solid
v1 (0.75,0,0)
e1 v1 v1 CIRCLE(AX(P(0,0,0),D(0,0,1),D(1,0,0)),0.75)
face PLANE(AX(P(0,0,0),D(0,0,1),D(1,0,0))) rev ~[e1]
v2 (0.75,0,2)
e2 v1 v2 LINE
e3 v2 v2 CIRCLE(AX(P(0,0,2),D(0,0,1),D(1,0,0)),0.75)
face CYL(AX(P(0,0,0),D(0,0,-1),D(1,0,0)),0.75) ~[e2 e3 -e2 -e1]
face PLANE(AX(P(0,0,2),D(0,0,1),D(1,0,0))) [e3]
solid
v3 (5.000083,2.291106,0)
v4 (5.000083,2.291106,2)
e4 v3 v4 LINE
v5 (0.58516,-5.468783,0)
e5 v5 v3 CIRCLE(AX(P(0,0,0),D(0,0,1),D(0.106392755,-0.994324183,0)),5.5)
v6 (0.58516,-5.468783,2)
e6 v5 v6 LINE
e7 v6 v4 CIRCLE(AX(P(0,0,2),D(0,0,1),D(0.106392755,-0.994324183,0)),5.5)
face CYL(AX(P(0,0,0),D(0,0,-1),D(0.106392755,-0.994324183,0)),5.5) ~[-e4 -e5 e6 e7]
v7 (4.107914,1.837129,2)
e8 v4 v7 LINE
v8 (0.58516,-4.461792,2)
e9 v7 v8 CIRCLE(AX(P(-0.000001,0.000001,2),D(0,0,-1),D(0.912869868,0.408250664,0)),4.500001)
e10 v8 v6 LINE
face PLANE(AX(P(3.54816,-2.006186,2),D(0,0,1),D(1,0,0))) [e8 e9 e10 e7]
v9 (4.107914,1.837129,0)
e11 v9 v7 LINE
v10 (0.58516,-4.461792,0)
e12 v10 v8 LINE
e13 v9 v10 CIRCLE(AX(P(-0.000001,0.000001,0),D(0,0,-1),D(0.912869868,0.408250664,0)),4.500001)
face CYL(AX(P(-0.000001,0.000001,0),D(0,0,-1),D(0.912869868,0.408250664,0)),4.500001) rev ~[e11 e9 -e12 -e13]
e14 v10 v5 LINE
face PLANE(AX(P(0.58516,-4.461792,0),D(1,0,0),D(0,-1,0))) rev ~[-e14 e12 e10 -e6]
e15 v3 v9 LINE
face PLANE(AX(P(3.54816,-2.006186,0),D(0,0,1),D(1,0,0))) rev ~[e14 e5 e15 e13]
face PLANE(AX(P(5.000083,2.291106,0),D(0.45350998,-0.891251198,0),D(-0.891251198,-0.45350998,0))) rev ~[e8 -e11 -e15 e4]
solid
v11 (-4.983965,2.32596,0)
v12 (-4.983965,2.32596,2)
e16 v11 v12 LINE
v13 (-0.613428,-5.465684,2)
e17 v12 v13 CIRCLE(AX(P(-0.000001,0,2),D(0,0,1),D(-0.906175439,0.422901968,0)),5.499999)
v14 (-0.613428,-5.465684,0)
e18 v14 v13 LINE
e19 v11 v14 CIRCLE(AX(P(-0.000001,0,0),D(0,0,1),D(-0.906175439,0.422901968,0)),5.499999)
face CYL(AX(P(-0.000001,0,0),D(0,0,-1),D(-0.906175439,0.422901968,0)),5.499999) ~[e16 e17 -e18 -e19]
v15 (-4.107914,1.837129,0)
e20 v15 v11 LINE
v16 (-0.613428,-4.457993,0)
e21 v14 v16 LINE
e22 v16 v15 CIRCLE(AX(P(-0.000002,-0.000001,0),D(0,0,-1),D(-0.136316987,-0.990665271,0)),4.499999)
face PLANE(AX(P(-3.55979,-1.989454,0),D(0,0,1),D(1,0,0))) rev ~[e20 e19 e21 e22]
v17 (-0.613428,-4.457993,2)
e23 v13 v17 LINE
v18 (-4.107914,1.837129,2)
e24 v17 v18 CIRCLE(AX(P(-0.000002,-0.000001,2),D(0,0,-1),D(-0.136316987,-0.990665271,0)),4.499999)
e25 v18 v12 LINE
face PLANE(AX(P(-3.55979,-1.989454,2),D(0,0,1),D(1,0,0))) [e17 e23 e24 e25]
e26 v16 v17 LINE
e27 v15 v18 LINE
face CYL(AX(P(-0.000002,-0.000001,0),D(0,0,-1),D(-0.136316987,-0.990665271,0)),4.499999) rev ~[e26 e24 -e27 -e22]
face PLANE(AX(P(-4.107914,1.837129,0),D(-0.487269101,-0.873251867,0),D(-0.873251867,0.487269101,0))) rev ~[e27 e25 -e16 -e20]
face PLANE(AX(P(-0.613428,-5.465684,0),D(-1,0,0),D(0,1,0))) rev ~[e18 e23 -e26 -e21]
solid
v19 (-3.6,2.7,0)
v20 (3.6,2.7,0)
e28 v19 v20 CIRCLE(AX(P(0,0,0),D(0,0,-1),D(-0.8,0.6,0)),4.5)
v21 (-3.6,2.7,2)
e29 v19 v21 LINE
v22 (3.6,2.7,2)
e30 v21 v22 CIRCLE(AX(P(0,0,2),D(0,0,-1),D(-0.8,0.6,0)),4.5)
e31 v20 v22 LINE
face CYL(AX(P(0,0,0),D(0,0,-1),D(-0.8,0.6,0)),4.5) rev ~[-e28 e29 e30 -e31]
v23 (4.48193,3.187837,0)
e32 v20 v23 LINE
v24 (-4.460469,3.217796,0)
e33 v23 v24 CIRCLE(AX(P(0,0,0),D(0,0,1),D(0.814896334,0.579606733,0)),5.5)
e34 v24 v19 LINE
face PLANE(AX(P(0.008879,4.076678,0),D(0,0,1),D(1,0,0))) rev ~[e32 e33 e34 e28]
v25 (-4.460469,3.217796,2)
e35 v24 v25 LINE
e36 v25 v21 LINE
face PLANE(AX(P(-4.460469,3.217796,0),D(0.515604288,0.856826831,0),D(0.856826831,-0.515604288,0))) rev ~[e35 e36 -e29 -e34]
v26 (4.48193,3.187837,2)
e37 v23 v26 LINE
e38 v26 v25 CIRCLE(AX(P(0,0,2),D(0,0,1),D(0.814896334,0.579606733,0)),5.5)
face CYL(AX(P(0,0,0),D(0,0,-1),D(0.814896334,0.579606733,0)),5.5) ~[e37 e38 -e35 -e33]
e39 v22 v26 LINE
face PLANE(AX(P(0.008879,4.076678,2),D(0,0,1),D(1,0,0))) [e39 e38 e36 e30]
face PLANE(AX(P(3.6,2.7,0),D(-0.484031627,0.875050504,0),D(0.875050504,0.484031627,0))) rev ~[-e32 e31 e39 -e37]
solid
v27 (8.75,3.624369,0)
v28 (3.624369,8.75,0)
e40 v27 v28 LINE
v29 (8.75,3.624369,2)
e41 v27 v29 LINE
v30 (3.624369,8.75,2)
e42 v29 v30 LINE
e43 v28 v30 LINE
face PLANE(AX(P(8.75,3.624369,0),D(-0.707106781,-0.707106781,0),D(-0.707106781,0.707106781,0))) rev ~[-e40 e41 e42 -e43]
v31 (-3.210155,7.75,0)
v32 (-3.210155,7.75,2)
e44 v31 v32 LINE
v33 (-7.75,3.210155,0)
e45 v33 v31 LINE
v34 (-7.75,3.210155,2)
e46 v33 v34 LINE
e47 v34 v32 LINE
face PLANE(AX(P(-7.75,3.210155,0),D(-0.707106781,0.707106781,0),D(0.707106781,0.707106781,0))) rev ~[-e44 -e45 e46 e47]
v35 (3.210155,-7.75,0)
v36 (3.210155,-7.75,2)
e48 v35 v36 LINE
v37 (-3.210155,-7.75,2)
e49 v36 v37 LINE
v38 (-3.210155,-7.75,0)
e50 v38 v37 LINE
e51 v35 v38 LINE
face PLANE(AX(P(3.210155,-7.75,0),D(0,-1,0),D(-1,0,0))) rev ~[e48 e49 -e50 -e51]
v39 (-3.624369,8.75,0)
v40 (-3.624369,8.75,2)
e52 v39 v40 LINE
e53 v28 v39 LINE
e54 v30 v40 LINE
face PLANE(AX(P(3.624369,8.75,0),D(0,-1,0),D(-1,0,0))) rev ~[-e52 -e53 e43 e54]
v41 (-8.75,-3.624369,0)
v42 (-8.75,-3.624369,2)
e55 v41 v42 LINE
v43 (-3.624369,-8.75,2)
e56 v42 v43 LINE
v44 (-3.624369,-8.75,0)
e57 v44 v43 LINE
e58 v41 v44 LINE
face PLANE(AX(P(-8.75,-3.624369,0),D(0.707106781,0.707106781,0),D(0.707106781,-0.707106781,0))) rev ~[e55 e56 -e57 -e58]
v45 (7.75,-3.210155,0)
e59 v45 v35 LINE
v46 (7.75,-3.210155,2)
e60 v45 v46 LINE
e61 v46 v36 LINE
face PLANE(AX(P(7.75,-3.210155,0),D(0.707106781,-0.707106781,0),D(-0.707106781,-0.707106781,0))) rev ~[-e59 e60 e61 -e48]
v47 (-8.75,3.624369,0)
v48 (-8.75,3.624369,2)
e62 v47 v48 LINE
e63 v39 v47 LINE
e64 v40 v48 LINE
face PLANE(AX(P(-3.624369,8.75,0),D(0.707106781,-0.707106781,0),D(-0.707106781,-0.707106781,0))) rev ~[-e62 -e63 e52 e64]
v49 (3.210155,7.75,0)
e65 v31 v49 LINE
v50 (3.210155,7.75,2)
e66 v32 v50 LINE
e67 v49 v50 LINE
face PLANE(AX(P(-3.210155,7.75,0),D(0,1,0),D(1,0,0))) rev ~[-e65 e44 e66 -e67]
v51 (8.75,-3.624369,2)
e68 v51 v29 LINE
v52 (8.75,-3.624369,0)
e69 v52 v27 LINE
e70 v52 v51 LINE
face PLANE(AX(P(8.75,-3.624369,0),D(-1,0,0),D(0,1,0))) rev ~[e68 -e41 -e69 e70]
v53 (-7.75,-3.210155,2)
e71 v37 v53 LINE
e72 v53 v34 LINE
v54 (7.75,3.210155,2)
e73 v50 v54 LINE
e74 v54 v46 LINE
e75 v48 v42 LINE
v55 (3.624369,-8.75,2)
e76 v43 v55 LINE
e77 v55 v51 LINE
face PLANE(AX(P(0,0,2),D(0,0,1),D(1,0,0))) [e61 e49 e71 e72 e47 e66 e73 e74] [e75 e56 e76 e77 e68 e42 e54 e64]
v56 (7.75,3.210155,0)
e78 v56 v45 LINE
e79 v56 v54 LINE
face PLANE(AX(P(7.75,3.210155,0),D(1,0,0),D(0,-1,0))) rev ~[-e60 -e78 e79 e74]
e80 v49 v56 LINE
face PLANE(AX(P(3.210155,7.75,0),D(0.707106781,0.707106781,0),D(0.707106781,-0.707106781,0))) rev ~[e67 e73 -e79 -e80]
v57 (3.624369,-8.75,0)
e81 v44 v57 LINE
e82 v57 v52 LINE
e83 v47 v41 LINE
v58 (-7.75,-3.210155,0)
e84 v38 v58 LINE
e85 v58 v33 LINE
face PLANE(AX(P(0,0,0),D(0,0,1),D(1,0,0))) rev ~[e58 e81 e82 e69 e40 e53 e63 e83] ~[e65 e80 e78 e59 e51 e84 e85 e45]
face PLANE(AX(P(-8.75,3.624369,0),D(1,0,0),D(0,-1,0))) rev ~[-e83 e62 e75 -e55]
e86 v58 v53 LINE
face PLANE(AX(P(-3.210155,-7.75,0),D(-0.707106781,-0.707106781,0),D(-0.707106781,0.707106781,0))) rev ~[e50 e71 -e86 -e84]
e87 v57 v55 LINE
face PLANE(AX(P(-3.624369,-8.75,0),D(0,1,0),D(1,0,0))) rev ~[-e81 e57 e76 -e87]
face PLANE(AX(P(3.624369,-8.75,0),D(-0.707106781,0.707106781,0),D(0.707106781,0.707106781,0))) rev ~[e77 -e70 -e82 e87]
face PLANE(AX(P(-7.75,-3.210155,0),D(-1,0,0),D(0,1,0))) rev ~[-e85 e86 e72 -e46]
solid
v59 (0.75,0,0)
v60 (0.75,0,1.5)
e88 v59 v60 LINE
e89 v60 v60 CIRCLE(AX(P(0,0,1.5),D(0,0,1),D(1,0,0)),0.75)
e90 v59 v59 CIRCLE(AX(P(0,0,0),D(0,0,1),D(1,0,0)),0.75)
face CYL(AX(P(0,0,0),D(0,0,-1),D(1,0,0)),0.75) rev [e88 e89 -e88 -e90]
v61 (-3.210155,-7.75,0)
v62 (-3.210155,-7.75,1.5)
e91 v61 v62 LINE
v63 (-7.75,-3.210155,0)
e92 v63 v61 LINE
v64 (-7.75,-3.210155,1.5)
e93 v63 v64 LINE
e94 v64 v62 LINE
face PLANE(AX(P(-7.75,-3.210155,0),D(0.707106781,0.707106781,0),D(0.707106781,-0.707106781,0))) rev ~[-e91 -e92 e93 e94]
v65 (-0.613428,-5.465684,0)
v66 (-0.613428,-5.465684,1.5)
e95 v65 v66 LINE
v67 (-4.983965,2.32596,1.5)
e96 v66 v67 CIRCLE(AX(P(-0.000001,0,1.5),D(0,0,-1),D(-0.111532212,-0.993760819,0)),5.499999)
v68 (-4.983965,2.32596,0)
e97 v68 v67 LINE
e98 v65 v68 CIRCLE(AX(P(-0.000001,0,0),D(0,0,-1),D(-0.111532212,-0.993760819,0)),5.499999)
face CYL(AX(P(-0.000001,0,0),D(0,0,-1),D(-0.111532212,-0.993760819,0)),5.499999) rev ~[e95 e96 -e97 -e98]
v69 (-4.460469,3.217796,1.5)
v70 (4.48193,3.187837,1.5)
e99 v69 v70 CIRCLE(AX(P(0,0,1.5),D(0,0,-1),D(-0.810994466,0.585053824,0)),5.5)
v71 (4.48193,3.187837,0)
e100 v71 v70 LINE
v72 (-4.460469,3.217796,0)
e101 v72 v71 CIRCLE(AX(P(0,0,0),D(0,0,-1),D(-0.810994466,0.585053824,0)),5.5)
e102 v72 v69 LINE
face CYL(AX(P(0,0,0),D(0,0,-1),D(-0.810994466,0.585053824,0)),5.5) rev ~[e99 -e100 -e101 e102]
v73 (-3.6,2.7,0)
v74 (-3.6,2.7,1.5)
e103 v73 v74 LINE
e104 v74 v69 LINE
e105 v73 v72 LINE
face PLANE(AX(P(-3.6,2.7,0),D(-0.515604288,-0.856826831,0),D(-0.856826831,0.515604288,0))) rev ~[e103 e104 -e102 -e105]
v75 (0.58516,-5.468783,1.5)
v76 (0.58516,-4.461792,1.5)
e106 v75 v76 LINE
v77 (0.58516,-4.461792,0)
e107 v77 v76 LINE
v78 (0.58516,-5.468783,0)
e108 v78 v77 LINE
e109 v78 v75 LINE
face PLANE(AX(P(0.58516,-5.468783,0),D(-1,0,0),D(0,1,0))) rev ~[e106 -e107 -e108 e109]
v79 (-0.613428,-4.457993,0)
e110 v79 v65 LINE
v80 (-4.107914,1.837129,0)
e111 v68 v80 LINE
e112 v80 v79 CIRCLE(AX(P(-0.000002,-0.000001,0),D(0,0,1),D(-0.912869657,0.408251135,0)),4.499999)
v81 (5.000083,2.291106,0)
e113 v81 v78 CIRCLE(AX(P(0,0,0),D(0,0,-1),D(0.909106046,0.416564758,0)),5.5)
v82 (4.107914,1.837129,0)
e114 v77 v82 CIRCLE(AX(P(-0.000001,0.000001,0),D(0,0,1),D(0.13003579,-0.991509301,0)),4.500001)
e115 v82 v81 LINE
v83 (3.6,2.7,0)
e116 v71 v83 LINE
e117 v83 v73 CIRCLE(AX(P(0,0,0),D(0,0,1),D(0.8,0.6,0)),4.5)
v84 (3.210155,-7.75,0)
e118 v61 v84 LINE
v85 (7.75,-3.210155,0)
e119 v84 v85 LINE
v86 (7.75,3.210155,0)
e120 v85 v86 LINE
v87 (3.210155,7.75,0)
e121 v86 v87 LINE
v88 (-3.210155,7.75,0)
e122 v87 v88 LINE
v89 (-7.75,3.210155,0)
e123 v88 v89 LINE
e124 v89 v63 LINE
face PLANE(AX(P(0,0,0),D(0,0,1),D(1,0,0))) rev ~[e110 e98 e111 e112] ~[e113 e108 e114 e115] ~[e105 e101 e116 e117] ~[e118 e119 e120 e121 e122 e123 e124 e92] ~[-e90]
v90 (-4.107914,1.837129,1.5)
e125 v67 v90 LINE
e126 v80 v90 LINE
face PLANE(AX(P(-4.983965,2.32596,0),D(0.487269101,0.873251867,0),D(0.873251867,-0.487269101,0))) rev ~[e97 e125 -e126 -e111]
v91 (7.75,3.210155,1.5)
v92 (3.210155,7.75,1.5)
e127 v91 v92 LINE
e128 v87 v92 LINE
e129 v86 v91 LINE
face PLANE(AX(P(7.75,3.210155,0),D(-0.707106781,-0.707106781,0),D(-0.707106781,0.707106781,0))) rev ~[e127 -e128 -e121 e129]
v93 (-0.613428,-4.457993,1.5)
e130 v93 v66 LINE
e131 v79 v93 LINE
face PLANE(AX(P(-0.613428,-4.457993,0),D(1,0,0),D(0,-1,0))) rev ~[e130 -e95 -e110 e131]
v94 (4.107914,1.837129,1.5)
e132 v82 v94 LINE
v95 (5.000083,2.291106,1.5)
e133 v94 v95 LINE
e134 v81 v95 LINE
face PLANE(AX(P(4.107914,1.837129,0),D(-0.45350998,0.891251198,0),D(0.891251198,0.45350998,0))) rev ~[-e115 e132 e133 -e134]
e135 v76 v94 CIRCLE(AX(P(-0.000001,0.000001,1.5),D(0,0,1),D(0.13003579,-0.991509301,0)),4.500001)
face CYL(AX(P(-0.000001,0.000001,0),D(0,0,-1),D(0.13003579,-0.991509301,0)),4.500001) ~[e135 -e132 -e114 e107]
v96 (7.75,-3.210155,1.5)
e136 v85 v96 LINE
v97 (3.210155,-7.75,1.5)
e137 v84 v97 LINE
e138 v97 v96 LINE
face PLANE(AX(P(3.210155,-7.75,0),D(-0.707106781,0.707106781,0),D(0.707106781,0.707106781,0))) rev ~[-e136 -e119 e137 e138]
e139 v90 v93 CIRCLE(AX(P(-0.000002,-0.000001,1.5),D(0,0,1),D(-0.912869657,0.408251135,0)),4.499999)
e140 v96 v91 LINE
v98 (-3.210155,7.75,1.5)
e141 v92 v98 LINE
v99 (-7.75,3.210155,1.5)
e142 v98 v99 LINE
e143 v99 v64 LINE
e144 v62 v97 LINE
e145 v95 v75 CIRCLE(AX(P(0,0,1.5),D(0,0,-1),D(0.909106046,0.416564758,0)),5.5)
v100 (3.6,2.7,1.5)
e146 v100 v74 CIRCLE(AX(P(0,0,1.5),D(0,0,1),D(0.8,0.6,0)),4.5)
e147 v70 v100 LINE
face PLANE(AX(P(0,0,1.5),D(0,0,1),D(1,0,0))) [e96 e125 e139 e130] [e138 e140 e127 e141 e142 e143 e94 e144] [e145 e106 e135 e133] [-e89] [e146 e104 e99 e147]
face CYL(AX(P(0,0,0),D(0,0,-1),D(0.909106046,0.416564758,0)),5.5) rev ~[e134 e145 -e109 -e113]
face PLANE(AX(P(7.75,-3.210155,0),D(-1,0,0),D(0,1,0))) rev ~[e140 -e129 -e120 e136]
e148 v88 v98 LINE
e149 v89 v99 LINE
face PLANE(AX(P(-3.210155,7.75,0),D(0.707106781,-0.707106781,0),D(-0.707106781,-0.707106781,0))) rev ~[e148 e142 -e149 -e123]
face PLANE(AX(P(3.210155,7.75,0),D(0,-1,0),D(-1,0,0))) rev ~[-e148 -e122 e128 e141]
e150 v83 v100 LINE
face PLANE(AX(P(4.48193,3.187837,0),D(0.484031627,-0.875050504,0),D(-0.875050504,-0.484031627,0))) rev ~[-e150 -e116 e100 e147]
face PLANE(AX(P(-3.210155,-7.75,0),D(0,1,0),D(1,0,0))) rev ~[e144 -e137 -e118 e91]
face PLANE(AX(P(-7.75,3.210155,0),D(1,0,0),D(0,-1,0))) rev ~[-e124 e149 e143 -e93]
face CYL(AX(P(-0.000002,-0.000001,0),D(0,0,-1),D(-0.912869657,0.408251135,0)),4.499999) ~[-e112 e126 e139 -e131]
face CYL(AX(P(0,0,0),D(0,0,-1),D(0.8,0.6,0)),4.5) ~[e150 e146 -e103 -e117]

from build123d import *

# Parameters (mm, degrees)
F0_R     = 0.75
F1_DEPTH = 2
F2_DEPTH = 1.5


with BuildPart() as f1:
    # F0 (on Top) → F1 (new body)
    with BuildSketch(Plane.XY):
        Polygon((3.624369, -8.75), (8.75, -3.624369), (8.75, 3.624369), (3.624369, 8.75), (-3.624369, 8.75), (-8.75, 3.624369), (-8.75, -3.624369), (-3.624369, -8.75), align=None)
        Polygon((7.75, 3.210155), (7.75, -3.210155), (3.210155, -7.75), (-3.210155, -7.75), (-7.75, -3.210155), (-7.75, 3.210155), (-3.210155, 7.75), (3.210155, 7.75), align=None, mode=Mode.SUBTRACT)
        with BuildLine():
            ThreePointArc((-3.6, 2.7), (0, 4.5), (3.6, 2.7))
            Line((3.6, 2.7), (4.48193, 3.187837))
            ThreePointArc((4.48193, 3.187837), (0.018427, 5.499969), (-4.460469, 3.217796))
            Line((-4.460469, 3.217796), (-3.6, 2.7))
        make_face()
        with BuildLine():
            ThreePointArc((-0.613428, -4.457993), (-3.934452, -2.184054), (-4.107914, 1.837129))
            Line((-4.107914, 1.837129), (-4.983965, 2.32596))
            ThreePointArc((-4.983965, 2.32596), (-4.796888, -2.6907), (-0.613428, -5.465684))
            Line((-0.613428, -5.465684), (-0.613428, -4.457993))
        make_face()
        with BuildLine():
            ThreePointArc((4.107914, 1.837129), (3.92751, -2.196511), (0.58516, -4.461792))
            Line((0.58516, -4.461792), (0.58516, -5.468783))
            ThreePointArc((0.58516, -5.468783), (4.78045, -2.719797), (5.000083, 2.291106))
            Line((5.000083, 2.291106), (4.107914, 1.837129))
        make_face()
        Circle(F0_R)
    extrude(amount=F1_DEPTH)


with BuildPart() as f2:
    # F0 (on Top) → F2 (new body)
    with BuildSketch(Plane.XY):
        Polygon((3.210155, -7.75), (7.75, -3.210155), (7.75, 3.210155), (3.210155, 7.75), (-3.210155, 7.75), (-7.75, 3.210155), (-7.75, -3.210155), (-3.210155, -7.75), align=None)
        with BuildLine():
            Line((-4.983965, 2.32596), (-4.107914, 1.837129))
            ThreePointArc((-4.107914, 1.837129), (-3.934452, -2.184054), (-0.613428, -4.457993))
            Line((-0.613428, -4.457993), (-0.613428, -5.465684))
            ThreePointArc((-0.613428, -5.465684), (-4.796888, -2.6907), (-4.983965, 2.32596))
        make_face(mode=Mode.SUBTRACT)
        with BuildLine():
            Line((0.58516, -5.468783), (0.58516, -4.461792))
            ThreePointArc((0.58516, -4.461792), (3.92751, -2.196511), (4.107914, 1.837129))
            Line((4.107914, 1.837129), (5.000083, 2.291106))
            ThreePointArc((5.000083, 2.291106), (4.78045, -2.719797), (0.58516, -5.468783))
        make_face(mode=Mode.SUBTRACT)
        Circle(F0_R, mode=Mode.SUBTRACT)
        with BuildLine():
            Line((4.48193, 3.187837), (3.6, 2.7))
            ThreePointArc((3.6, 2.7), (0, 4.5), (-3.6, 2.7))
            Line((-3.6, 2.7), (-4.460469, 3.217796))
            ThreePointArc((-4.460469, 3.217796), (0.018427, 5.499969), (4.48193, 3.187837))
        make_face(mode=Mode.SUBTRACT)
    extrude(amount=F2_DEPTH)


solid = Compound([f1.part, f2.part])
